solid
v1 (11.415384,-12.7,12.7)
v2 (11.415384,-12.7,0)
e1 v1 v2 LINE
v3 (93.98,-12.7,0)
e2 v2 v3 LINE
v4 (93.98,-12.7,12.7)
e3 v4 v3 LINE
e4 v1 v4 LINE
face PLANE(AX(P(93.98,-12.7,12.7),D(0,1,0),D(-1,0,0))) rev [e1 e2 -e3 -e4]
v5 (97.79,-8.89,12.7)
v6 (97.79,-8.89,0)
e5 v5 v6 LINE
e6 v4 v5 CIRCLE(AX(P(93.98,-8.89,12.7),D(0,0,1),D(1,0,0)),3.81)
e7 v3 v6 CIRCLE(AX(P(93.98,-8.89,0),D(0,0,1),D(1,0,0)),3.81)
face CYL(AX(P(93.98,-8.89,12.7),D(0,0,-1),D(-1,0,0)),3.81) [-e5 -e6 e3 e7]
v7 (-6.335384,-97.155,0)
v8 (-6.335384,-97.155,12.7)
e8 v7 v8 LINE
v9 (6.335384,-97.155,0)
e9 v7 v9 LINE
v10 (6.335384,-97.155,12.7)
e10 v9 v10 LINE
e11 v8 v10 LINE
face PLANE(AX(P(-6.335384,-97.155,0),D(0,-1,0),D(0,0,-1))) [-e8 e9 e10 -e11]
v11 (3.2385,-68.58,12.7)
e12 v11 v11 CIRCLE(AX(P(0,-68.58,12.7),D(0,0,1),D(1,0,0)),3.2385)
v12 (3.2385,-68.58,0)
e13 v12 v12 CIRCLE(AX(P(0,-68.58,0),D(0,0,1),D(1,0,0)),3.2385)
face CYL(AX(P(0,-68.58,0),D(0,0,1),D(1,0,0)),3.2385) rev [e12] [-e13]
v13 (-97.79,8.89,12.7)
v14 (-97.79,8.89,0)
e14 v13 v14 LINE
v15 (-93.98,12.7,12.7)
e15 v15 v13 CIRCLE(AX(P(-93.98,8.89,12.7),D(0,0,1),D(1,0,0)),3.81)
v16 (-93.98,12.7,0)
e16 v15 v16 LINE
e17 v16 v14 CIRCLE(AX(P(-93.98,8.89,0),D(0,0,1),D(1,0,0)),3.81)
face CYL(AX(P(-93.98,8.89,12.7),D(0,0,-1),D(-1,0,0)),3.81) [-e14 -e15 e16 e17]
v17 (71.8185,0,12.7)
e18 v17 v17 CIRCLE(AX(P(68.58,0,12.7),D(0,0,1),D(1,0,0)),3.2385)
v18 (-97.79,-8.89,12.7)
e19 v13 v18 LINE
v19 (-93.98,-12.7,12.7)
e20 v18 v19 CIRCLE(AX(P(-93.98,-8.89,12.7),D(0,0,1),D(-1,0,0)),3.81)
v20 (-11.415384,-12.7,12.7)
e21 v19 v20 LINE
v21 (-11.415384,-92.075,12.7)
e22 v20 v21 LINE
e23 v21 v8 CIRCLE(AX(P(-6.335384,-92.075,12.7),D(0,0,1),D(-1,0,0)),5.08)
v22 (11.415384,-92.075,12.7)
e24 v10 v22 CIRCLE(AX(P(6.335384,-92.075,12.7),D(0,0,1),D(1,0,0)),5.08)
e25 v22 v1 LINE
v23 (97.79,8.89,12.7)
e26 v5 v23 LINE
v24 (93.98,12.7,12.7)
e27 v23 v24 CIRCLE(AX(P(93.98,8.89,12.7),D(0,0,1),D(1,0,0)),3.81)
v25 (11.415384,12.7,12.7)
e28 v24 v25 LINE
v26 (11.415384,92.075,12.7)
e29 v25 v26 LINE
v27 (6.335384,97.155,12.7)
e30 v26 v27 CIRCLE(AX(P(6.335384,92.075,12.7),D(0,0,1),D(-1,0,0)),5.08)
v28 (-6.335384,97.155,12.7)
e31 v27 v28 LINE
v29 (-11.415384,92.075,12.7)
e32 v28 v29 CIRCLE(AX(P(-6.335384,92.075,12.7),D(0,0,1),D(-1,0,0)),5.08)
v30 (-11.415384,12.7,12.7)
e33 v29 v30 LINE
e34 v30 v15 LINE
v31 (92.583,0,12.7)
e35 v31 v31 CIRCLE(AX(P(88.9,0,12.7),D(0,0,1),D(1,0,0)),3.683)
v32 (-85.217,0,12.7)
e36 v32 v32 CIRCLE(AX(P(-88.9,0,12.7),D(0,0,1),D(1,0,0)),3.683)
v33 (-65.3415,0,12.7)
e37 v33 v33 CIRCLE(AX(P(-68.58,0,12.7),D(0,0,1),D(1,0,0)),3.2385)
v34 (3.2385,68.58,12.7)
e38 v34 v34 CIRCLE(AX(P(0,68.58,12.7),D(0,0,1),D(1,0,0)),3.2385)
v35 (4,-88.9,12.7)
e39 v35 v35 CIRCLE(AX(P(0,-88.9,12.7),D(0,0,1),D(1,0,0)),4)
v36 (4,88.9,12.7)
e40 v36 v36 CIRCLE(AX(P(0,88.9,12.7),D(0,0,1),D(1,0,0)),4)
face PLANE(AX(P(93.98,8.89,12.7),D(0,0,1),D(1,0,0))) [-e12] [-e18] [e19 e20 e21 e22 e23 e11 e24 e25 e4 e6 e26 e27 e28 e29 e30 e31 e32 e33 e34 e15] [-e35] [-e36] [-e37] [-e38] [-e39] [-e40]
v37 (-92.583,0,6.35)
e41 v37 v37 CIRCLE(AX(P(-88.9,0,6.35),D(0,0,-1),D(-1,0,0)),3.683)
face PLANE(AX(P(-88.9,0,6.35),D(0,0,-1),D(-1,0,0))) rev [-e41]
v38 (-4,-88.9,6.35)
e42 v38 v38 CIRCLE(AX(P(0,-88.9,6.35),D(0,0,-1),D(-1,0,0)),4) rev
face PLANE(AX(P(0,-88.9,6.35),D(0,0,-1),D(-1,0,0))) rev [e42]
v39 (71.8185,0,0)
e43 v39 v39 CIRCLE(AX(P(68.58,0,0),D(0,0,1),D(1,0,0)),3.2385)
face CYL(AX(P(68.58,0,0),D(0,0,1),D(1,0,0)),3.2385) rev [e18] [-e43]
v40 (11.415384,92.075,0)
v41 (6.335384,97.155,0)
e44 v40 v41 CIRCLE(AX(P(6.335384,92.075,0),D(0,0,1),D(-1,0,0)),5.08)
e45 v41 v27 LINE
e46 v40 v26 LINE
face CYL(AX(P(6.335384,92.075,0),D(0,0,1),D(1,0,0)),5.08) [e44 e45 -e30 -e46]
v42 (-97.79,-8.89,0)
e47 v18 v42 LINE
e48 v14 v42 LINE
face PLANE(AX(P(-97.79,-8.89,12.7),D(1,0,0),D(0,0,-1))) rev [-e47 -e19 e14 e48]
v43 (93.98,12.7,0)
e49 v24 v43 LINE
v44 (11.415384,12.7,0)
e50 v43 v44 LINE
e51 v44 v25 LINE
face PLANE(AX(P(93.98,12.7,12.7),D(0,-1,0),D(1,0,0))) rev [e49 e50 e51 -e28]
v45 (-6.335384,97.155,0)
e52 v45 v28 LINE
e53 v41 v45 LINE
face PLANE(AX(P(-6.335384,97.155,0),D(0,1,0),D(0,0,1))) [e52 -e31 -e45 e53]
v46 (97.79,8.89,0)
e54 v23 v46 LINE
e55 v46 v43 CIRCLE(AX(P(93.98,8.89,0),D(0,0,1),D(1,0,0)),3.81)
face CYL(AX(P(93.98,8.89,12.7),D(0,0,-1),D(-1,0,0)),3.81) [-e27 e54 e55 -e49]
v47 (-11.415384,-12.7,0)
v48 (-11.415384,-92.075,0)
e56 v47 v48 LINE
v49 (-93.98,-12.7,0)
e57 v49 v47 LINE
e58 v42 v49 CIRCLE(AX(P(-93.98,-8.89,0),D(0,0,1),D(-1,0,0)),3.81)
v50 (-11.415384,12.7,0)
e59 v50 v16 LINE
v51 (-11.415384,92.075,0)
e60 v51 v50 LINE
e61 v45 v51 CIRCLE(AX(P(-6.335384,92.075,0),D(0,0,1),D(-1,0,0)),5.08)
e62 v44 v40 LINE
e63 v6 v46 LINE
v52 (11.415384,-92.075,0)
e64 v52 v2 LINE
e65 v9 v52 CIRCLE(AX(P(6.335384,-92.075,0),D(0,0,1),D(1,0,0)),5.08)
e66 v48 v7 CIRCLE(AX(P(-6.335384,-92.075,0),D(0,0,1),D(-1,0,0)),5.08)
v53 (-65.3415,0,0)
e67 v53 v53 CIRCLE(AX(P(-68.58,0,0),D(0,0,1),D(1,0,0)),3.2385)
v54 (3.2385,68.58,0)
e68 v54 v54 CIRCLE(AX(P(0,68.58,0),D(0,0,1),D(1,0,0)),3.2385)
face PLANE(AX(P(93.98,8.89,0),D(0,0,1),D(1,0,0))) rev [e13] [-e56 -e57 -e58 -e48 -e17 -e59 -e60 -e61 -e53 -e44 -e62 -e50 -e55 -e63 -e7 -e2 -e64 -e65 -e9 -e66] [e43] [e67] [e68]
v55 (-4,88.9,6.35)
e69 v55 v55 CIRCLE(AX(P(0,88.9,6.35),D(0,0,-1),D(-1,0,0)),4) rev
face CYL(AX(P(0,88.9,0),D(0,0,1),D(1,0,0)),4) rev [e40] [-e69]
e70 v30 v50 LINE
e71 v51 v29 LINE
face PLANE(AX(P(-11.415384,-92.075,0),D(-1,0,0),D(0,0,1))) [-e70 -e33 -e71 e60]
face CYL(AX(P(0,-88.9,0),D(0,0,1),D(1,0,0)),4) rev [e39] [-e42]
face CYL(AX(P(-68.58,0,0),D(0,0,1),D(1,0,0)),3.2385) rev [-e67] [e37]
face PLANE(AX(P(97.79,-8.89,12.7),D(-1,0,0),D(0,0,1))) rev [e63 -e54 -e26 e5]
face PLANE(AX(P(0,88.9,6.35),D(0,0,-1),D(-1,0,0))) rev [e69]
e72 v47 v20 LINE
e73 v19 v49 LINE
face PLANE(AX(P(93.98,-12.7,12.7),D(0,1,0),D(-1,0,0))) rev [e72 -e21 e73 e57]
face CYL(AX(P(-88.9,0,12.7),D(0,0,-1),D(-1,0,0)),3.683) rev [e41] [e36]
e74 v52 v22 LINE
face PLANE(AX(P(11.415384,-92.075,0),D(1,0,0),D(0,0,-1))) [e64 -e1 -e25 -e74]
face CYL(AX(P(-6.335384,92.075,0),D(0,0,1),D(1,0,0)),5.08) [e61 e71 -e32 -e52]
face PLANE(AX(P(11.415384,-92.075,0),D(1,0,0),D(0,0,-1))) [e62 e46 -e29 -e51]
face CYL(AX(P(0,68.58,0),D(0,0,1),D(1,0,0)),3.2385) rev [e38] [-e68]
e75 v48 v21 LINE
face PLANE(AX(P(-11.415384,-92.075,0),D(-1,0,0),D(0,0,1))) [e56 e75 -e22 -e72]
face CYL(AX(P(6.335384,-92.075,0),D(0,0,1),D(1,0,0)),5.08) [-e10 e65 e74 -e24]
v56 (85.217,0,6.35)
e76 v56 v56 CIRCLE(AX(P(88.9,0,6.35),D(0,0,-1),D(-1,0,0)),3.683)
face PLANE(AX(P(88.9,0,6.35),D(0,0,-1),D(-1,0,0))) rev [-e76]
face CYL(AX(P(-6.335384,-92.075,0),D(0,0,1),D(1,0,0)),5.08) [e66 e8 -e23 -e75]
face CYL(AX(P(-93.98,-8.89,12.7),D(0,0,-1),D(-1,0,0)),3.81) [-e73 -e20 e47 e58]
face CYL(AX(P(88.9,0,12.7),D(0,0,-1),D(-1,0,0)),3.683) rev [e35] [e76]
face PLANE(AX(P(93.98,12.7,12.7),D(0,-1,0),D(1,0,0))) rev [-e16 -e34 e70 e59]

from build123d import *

# Parameters (mm, degrees)
SKETCH1_R           = 3.683
BOSS_EXTRUDE1_DEPTH = 12.7
SKETCH3_R           = 4
BOSS_EXTRUDE3_DEPTH = 12.7
SKETCH2_R           = 3.683
SKETCH2_R_2         = 4
BOSS_EXTRUDE2_DEPTH = 6.35
SKETCH4_R           = 3.2385
CUT_EXTRUDE1_DEPTH  = 139.431456414


with BuildPart() as part:
    # Sketch1 → Boss-Extrude1 (new body)
    with BuildSketch(Plane.XY):
        with BuildLine():
            Line((93.98, -12.7), (-93.98, -12.7))
            ThreePointArc((-93.98, -12.7), (-96.674076836, -11.584076836), (-97.79, -8.89))
            Line((-97.79, -8.89), (-97.79, 8.89))
            ThreePointArc((-97.79, 8.89), (-96.674076836, 11.584076836), (-93.98, 12.7))
            Line((-93.98, 12.7), (93.98, 12.7))
            ThreePointArc((93.98, 12.7), (96.674076836, 11.584076836), (97.79, 8.89))
            Line((97.79, 8.89), (97.79, -8.89))
            ThreePointArc((97.79, -8.89), (96.674076836, -11.584076836), (93.98, -12.7))
        make_face()
        with Locations((-88.9, 0)):
            Circle(SKETCH1_R, mode=Mode.SUBTRACT)
        with Locations((88.9, 0)):
            Circle(SKETCH1_R, mode=Mode.SUBTRACT)
    extrude(amount=BOSS_EXTRUDE1_DEPTH)

    # Sketch3 → Boss-Extrude3 (add, through all)
    with BuildSketch(Plane.XY.offset(12.7)):
        with BuildLine():
            Line((-6.335384206, -97.155), (6.335384206, -97.155))
            ThreePointArc((6.335384206, -97.155), (9.927486654, -95.667102448), (11.415384206, -92.075))
            Line((11.415384206, -92.075), (11.415384206, 92.075))
            ThreePointArc((11.415384206, 92.075), (9.927486654, 95.667102448), (6.335384206, 97.155))
            Line((6.335384206, 97.155), (-6.335384206, 97.155))
            ThreePointArc((-6.335384206, 97.155), (-9.927486654, 95.667102448), (-11.415384206, 92.075))
            Line((-11.415384206, 92.075), (-11.415384206, -92.075))
            ThreePointArc((-11.415384206, -92.075), (-9.927486654, -95.667102448), (-6.335384206, -97.155))
        make_face()
        with Locations((0, 88.9)):
            Circle(SKETCH3_R, mode=Mode.SUBTRACT)
        with Locations((0, -88.9)):
            Circle(SKETCH3_R, mode=Mode.SUBTRACT)
    extrude(amount=-BOSS_EXTRUDE3_DEPTH)

    # Sketch2 → Boss-Extrude2 (add)
    with BuildSketch(Plane(origin=(0, 0, 0), x_dir=(-1, 0, 0), z_dir=(0, 0, -1))):
        with Locations((-88.9, 0)):
            Circle(SKETCH2_R)
        with Locations((88.9, 0)):
            Circle(SKETCH2_R)
        with Locations(Location((0, 88.9, 0), (0, 0, 180))):
            Circle(SKETCH2_R_2)
        with Locations(Location((0, -88.9, 0), (0, 0, 180))):
            Circle(SKETCH2_R_2)
    extrude(amount=-BOSS_EXTRUDE2_DEPTH)

    # Sketch4 → Cut-Extrude1 (cut, through all)
    with BuildSketch(Plane.XY.offset(12.7)):
        with Locations((-68.58, 0)):
            Circle(SKETCH4_R)
        with Locations((0, 68.58)):
            Circle(SKETCH4_R)
        with Locations((68.58, 0)):
            Circle(SKETCH4_R)
        with Locations((0, -68.58)):
            Circle(SKETCH4_R)
    extrude(amount=-CUT_EXTRUDE1_DEPTH, mode=Mode.SUBTRACT)


solid = part.part
